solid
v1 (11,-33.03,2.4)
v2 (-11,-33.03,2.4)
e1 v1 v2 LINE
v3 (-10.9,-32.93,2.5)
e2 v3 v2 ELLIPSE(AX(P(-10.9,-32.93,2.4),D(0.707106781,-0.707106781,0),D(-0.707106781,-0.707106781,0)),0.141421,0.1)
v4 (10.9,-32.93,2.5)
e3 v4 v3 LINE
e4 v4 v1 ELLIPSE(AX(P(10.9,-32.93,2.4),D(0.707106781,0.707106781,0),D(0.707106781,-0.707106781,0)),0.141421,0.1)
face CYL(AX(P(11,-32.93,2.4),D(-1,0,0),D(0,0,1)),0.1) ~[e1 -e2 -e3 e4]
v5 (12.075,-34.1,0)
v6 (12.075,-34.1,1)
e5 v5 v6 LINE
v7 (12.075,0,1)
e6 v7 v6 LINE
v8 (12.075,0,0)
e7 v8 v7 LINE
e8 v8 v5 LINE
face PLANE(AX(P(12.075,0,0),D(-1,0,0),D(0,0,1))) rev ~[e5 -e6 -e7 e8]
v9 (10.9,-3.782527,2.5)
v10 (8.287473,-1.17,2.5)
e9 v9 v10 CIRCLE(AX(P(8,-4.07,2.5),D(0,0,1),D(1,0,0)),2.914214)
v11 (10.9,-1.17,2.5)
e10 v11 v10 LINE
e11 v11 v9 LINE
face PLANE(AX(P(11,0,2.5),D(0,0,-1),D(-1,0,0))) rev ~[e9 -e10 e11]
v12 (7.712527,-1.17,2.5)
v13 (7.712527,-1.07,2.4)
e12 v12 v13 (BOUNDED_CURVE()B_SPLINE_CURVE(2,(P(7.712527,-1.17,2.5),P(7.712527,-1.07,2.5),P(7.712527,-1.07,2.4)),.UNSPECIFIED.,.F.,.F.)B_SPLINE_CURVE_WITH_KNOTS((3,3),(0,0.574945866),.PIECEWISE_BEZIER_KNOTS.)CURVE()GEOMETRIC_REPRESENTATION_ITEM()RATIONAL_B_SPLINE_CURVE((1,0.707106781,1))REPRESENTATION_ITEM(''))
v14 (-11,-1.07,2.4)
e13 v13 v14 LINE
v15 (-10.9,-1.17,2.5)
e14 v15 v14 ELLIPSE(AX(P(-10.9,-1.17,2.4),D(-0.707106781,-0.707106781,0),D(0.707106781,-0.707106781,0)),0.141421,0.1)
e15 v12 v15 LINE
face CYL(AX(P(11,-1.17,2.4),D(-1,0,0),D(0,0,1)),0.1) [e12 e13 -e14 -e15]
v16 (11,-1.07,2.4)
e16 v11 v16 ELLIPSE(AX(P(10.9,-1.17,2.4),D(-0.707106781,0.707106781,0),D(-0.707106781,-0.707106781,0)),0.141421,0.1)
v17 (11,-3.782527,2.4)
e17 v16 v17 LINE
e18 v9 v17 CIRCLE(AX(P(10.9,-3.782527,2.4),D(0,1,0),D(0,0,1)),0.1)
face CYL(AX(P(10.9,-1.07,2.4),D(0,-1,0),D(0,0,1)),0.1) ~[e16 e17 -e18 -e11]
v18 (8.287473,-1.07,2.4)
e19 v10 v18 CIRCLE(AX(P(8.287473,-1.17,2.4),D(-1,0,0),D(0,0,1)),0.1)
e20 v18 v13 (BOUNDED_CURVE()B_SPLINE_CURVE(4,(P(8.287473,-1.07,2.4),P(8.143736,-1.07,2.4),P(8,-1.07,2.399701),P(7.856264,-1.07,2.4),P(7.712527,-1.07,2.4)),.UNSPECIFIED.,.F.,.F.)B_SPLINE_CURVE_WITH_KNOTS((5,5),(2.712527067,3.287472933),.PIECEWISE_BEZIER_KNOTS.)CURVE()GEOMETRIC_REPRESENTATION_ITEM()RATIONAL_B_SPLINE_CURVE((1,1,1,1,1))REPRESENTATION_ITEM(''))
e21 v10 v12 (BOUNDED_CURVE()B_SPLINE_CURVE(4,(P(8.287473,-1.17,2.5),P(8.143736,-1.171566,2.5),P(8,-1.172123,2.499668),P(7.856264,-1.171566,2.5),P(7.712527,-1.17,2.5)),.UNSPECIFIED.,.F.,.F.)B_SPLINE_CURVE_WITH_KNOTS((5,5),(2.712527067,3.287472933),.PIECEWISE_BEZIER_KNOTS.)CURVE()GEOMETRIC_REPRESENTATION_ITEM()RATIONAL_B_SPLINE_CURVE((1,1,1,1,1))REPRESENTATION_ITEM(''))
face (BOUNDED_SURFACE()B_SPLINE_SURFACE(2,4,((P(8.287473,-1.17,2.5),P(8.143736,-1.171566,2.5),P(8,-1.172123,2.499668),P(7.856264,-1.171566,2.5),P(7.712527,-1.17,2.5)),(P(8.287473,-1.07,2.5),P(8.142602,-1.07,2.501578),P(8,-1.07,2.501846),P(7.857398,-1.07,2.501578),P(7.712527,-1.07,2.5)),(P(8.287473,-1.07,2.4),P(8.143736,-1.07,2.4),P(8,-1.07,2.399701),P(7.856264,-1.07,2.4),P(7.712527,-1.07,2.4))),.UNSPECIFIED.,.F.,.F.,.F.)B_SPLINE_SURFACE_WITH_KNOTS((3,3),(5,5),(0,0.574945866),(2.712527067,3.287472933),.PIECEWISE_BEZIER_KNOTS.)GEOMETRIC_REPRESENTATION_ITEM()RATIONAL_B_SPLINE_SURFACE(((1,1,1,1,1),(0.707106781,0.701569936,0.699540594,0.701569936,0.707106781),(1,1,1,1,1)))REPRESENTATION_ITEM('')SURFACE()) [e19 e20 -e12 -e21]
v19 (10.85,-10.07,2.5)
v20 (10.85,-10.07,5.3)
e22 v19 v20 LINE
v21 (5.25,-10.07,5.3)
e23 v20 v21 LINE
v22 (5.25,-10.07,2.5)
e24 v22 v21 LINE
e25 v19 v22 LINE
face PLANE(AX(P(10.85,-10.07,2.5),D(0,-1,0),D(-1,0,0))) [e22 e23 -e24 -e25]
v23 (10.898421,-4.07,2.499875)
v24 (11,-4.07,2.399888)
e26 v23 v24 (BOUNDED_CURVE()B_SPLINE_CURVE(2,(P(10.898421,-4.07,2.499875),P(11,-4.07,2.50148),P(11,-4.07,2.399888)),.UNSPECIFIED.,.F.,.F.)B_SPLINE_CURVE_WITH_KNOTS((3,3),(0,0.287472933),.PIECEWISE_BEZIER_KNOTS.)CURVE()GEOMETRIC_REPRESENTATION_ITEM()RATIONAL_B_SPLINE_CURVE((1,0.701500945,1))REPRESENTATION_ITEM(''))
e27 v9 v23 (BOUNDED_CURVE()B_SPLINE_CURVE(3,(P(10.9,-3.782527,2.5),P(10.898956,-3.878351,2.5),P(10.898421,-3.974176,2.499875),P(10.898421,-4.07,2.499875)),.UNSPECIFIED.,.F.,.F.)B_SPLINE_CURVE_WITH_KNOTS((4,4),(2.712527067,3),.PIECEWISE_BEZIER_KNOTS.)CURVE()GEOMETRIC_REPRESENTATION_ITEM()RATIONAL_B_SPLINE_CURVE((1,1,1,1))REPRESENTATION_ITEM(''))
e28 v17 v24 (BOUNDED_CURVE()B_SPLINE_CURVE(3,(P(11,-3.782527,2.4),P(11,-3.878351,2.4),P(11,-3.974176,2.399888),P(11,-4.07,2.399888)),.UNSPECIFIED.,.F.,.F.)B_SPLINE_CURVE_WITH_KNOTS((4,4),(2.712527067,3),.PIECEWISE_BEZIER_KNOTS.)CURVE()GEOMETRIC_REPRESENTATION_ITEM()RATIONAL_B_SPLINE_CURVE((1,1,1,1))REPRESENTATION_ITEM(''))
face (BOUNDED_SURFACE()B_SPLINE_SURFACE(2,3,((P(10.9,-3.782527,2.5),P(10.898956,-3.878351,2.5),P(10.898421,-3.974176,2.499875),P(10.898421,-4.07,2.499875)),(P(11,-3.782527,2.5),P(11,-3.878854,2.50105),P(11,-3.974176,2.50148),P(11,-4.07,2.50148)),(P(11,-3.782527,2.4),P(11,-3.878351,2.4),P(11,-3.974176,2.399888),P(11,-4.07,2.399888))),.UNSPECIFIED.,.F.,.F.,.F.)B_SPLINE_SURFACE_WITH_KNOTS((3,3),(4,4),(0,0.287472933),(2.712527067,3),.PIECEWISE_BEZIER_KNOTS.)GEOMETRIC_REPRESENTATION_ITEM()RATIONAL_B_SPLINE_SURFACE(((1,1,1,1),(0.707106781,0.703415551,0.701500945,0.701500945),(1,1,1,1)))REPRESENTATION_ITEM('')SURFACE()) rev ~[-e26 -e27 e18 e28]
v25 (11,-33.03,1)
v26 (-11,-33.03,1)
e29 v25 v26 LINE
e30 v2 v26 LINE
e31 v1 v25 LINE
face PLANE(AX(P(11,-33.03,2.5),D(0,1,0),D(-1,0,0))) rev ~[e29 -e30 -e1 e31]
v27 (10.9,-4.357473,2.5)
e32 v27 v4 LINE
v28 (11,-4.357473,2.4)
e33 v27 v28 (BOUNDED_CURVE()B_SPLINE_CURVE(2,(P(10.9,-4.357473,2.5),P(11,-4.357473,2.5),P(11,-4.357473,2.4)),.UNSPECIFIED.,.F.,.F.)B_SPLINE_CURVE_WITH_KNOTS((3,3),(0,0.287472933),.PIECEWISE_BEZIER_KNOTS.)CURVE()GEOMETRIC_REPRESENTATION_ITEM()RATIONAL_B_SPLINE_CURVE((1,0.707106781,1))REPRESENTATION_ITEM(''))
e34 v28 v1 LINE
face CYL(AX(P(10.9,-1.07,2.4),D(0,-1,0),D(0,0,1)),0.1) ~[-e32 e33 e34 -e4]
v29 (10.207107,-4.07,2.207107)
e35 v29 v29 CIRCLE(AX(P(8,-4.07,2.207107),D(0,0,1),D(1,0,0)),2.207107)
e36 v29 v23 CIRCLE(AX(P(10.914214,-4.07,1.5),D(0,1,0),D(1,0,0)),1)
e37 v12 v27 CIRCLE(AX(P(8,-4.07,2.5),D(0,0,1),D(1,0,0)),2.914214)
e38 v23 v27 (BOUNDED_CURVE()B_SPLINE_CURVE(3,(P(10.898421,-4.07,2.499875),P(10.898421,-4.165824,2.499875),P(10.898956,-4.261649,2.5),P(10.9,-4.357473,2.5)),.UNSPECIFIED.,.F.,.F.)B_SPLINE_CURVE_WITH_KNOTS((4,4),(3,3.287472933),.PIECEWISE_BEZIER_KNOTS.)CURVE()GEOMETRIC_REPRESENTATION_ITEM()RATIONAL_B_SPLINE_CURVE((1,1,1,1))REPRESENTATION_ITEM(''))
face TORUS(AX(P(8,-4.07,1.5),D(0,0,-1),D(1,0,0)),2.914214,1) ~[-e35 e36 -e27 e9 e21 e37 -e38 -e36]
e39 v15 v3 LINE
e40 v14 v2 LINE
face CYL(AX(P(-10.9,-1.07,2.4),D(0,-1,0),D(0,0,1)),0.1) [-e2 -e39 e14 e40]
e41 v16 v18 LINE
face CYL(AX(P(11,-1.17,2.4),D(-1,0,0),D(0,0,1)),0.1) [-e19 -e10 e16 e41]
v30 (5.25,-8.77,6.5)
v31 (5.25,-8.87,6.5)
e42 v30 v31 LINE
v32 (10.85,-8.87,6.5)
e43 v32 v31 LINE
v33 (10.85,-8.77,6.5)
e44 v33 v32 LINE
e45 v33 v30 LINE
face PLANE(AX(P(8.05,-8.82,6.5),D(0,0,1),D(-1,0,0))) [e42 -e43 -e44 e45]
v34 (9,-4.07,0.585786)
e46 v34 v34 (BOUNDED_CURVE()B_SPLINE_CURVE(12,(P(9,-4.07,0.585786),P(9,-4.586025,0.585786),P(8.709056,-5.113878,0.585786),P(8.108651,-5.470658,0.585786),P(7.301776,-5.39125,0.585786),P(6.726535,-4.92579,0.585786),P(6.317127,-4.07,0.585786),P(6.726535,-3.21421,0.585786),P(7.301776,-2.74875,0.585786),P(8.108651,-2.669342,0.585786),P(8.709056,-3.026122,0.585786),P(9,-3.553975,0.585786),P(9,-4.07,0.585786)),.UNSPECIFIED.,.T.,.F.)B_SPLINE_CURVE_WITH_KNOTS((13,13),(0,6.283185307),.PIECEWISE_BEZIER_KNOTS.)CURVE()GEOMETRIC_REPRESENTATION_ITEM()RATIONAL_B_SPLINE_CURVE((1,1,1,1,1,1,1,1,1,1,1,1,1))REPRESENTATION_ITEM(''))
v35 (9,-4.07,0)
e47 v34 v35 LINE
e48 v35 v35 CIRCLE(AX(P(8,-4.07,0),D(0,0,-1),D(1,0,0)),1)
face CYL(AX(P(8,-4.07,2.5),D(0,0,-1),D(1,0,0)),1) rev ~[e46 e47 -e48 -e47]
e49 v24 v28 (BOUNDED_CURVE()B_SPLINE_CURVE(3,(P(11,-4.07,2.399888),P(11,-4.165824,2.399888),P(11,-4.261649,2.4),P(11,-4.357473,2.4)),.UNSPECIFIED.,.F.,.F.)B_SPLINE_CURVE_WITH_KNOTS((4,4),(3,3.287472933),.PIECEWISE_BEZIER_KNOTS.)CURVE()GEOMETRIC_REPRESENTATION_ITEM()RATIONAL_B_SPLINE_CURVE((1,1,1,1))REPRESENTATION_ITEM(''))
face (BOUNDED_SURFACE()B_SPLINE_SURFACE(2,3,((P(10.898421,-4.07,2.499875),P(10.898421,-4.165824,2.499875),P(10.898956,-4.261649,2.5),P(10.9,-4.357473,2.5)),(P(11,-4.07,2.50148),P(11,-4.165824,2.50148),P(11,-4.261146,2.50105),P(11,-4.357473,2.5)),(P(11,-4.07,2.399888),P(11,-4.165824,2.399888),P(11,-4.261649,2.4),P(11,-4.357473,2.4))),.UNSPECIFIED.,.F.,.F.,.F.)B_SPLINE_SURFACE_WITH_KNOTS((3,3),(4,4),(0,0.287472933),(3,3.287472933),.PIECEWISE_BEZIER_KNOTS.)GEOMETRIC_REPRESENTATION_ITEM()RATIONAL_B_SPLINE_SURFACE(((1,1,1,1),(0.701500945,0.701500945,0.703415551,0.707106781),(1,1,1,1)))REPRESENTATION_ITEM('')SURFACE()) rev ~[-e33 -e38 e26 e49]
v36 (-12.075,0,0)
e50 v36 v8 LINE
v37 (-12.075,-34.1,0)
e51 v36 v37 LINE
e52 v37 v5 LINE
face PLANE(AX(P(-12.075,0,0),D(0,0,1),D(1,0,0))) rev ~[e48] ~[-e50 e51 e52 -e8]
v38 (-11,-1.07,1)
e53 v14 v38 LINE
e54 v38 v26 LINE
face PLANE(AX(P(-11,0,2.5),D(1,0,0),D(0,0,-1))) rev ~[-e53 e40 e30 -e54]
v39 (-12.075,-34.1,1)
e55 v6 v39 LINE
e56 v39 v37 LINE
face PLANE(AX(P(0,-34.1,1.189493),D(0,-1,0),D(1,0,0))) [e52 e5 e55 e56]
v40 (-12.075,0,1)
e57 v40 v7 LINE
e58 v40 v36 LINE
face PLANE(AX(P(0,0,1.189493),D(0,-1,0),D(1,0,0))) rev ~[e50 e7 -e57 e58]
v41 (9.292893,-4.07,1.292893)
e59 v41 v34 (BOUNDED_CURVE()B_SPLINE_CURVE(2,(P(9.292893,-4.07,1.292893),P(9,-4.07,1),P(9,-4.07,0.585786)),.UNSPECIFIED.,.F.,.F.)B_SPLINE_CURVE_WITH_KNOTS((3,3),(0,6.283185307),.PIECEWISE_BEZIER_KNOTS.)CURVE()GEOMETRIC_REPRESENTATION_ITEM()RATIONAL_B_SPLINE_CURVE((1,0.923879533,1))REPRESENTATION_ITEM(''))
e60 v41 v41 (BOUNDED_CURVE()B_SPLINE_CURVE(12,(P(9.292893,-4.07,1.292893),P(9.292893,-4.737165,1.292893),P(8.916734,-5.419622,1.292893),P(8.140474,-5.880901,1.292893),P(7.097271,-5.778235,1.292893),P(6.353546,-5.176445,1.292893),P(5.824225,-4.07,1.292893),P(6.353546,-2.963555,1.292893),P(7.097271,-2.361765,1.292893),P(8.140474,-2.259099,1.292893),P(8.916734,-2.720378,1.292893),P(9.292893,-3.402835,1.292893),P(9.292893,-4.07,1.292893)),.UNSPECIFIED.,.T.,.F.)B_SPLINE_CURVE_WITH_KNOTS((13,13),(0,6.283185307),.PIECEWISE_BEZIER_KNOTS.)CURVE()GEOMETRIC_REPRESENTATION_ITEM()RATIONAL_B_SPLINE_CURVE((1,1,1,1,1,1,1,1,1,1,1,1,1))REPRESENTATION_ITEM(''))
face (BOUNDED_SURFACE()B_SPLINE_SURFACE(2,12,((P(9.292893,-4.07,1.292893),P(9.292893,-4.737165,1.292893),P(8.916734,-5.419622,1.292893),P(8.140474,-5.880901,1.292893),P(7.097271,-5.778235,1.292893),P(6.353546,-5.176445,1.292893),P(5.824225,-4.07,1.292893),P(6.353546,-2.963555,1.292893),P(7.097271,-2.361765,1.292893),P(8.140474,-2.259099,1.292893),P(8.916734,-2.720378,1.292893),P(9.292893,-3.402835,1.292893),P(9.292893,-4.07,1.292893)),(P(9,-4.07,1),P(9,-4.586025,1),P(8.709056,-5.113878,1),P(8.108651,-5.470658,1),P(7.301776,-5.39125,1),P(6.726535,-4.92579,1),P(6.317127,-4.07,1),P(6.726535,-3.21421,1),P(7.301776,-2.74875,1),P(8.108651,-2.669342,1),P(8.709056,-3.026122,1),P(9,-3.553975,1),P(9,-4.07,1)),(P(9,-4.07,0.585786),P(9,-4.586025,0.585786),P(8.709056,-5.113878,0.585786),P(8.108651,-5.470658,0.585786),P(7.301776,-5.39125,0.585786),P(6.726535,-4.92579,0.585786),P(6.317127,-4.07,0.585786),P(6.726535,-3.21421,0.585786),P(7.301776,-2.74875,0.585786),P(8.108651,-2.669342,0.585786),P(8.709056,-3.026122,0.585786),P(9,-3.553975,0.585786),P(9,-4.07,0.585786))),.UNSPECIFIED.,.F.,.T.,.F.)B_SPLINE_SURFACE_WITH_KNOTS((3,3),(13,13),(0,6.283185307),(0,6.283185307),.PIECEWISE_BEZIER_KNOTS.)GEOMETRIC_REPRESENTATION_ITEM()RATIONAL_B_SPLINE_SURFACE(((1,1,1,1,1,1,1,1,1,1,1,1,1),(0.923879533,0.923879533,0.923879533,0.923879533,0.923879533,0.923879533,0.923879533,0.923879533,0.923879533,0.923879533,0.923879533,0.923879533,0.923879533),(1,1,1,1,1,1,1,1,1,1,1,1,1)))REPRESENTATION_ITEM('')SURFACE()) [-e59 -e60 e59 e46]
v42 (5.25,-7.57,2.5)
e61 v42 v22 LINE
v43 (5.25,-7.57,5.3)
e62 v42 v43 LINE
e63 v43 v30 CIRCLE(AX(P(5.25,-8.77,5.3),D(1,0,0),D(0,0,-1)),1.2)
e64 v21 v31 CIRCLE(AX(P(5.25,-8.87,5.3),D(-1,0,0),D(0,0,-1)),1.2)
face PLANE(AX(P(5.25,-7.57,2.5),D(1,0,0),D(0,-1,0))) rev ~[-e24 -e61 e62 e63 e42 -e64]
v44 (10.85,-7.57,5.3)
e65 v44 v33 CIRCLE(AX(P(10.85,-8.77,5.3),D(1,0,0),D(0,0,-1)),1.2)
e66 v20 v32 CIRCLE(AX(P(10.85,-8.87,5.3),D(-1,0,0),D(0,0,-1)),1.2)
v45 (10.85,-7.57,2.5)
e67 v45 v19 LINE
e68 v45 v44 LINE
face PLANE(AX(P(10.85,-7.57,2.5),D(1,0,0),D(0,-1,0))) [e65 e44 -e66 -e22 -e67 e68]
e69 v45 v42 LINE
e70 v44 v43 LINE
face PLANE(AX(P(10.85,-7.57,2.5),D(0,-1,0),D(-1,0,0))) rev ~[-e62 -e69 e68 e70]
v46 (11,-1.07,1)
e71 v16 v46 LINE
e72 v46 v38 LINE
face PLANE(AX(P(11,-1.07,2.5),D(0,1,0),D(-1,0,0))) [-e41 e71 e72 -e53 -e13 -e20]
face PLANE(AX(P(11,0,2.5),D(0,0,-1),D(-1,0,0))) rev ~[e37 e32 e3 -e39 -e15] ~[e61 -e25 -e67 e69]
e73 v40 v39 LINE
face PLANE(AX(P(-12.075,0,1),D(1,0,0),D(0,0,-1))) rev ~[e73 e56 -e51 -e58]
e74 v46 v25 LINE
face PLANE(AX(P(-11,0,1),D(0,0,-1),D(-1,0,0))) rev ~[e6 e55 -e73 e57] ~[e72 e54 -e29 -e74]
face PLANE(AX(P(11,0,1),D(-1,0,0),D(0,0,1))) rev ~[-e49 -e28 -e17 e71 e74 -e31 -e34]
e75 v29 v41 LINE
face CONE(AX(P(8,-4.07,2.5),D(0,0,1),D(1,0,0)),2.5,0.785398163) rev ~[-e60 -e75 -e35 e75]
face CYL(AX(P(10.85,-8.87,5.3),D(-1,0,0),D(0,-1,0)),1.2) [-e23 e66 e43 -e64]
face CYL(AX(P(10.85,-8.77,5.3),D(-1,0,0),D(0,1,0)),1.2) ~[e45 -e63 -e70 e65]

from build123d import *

# Parameters (mm, degrees)
PAD_DEPTH        = 34.1
SKETCH001_W      = 22
SKETCH001_H      = 1.07
POCKET_DEPTH     = 1.5
HOLE_D           = 2
HOLE_DEPTH       = 25
HOLE_CSINK_D     = 5
HOLE_CSINK_ANGLE = 90
FILLET_R         = 1
SKETCH003_W      = 5.6
SKETCH003_H      = 2.5
PAD001_DEPTH     = 4
FILLET001_R      = 1.2
FILLET002_R      = 0.1
FILLET003_R      = 1


with BuildPart() as part:
    # Sketch → Pad (new body)
    with BuildSketch(Plane.XZ):
        Polygon((-12.075, 0), (12.075, 0), (12.075, 1), (11, 1), (11, 2.5), (-11, 2.5), (-11, 1), (-12.075, 1), align=None)
    extrude(amount=PAD_DEPTH)

    # Sketch001 (on Face5 of Pad) → Pocket (cut)
    with BuildSketch(Plane(origin=(0, 0, 2.5), x_dir=(-1, 0, 0), z_dir=(0, 0, 1))):
        with Locations((0, 33.565)):
            Rectangle(SKETCH001_W, SKETCH001_H)
        with Locations((0, 0.535)):
            Rectangle(SKETCH001_W, SKETCH001_H)
    extrude(amount=-POCKET_DEPTH, mode=Mode.SUBTRACT)

    # Hole
    with Locations(Plane(origin=(0, 0, 2.5), x_dir=(-1, 0, 0), z_dir=(0, 0, 1))):
        with Locations((-8, 4.07)):
            CounterSinkHole(HOLE_D / 2, HOLE_CSINK_D / 2, depth=HOLE_DEPTH, counter_sink_angle=HOLE_CSINK_ANGLE)

    # Fillet
    fillet_edges = [part.edges().sort_by_distance(p)[0] for p in [
        (5.5, -4.07, 2.5),
    ]]
    fillet(fillet_edges, radius=FILLET_R)

    # Sketch003 (on Face4 of Fillet) → Pad001 (join)
    with BuildSketch(Plane(origin=(0, 0, 2.5), x_dir=(-1, 0, 0), z_dir=(0, 0, 1))):
        with Locations((-8.05, 8.82)):
            Rectangle(SKETCH003_W, SKETCH003_H)
    extrude(amount=PAD001_DEPTH)

    # Fillet001
    fillet001_edges = [part.edges().sort_by_distance(p)[0] for p in [
        (8.05, -7.57, 6.5),
        (8.05, -10.07, 6.5),
    ]]
    fillet(fillet001_edges, radius=FILLET001_R)

    # Fillet002
    fillet002_edges = [part.edges().sort_by_distance(p)[0] for p in [
        (11, -17.05, 2.5),
        (0, -33.03, 2.5),
        (-11, -17.05, 2.5),
        (0, -1.07, 2.5),
    ]]
    fillet(fillet002_edges, radius=FILLET002_R)

    # Fillet003
    fillet003_edges = [part.edges().sort_by_distance(p)[0] for p in [
        (7, -4.07, 1),
    ]]
    fillet(fillet003_edges, radius=FILLET003_R)


solid = part.part
